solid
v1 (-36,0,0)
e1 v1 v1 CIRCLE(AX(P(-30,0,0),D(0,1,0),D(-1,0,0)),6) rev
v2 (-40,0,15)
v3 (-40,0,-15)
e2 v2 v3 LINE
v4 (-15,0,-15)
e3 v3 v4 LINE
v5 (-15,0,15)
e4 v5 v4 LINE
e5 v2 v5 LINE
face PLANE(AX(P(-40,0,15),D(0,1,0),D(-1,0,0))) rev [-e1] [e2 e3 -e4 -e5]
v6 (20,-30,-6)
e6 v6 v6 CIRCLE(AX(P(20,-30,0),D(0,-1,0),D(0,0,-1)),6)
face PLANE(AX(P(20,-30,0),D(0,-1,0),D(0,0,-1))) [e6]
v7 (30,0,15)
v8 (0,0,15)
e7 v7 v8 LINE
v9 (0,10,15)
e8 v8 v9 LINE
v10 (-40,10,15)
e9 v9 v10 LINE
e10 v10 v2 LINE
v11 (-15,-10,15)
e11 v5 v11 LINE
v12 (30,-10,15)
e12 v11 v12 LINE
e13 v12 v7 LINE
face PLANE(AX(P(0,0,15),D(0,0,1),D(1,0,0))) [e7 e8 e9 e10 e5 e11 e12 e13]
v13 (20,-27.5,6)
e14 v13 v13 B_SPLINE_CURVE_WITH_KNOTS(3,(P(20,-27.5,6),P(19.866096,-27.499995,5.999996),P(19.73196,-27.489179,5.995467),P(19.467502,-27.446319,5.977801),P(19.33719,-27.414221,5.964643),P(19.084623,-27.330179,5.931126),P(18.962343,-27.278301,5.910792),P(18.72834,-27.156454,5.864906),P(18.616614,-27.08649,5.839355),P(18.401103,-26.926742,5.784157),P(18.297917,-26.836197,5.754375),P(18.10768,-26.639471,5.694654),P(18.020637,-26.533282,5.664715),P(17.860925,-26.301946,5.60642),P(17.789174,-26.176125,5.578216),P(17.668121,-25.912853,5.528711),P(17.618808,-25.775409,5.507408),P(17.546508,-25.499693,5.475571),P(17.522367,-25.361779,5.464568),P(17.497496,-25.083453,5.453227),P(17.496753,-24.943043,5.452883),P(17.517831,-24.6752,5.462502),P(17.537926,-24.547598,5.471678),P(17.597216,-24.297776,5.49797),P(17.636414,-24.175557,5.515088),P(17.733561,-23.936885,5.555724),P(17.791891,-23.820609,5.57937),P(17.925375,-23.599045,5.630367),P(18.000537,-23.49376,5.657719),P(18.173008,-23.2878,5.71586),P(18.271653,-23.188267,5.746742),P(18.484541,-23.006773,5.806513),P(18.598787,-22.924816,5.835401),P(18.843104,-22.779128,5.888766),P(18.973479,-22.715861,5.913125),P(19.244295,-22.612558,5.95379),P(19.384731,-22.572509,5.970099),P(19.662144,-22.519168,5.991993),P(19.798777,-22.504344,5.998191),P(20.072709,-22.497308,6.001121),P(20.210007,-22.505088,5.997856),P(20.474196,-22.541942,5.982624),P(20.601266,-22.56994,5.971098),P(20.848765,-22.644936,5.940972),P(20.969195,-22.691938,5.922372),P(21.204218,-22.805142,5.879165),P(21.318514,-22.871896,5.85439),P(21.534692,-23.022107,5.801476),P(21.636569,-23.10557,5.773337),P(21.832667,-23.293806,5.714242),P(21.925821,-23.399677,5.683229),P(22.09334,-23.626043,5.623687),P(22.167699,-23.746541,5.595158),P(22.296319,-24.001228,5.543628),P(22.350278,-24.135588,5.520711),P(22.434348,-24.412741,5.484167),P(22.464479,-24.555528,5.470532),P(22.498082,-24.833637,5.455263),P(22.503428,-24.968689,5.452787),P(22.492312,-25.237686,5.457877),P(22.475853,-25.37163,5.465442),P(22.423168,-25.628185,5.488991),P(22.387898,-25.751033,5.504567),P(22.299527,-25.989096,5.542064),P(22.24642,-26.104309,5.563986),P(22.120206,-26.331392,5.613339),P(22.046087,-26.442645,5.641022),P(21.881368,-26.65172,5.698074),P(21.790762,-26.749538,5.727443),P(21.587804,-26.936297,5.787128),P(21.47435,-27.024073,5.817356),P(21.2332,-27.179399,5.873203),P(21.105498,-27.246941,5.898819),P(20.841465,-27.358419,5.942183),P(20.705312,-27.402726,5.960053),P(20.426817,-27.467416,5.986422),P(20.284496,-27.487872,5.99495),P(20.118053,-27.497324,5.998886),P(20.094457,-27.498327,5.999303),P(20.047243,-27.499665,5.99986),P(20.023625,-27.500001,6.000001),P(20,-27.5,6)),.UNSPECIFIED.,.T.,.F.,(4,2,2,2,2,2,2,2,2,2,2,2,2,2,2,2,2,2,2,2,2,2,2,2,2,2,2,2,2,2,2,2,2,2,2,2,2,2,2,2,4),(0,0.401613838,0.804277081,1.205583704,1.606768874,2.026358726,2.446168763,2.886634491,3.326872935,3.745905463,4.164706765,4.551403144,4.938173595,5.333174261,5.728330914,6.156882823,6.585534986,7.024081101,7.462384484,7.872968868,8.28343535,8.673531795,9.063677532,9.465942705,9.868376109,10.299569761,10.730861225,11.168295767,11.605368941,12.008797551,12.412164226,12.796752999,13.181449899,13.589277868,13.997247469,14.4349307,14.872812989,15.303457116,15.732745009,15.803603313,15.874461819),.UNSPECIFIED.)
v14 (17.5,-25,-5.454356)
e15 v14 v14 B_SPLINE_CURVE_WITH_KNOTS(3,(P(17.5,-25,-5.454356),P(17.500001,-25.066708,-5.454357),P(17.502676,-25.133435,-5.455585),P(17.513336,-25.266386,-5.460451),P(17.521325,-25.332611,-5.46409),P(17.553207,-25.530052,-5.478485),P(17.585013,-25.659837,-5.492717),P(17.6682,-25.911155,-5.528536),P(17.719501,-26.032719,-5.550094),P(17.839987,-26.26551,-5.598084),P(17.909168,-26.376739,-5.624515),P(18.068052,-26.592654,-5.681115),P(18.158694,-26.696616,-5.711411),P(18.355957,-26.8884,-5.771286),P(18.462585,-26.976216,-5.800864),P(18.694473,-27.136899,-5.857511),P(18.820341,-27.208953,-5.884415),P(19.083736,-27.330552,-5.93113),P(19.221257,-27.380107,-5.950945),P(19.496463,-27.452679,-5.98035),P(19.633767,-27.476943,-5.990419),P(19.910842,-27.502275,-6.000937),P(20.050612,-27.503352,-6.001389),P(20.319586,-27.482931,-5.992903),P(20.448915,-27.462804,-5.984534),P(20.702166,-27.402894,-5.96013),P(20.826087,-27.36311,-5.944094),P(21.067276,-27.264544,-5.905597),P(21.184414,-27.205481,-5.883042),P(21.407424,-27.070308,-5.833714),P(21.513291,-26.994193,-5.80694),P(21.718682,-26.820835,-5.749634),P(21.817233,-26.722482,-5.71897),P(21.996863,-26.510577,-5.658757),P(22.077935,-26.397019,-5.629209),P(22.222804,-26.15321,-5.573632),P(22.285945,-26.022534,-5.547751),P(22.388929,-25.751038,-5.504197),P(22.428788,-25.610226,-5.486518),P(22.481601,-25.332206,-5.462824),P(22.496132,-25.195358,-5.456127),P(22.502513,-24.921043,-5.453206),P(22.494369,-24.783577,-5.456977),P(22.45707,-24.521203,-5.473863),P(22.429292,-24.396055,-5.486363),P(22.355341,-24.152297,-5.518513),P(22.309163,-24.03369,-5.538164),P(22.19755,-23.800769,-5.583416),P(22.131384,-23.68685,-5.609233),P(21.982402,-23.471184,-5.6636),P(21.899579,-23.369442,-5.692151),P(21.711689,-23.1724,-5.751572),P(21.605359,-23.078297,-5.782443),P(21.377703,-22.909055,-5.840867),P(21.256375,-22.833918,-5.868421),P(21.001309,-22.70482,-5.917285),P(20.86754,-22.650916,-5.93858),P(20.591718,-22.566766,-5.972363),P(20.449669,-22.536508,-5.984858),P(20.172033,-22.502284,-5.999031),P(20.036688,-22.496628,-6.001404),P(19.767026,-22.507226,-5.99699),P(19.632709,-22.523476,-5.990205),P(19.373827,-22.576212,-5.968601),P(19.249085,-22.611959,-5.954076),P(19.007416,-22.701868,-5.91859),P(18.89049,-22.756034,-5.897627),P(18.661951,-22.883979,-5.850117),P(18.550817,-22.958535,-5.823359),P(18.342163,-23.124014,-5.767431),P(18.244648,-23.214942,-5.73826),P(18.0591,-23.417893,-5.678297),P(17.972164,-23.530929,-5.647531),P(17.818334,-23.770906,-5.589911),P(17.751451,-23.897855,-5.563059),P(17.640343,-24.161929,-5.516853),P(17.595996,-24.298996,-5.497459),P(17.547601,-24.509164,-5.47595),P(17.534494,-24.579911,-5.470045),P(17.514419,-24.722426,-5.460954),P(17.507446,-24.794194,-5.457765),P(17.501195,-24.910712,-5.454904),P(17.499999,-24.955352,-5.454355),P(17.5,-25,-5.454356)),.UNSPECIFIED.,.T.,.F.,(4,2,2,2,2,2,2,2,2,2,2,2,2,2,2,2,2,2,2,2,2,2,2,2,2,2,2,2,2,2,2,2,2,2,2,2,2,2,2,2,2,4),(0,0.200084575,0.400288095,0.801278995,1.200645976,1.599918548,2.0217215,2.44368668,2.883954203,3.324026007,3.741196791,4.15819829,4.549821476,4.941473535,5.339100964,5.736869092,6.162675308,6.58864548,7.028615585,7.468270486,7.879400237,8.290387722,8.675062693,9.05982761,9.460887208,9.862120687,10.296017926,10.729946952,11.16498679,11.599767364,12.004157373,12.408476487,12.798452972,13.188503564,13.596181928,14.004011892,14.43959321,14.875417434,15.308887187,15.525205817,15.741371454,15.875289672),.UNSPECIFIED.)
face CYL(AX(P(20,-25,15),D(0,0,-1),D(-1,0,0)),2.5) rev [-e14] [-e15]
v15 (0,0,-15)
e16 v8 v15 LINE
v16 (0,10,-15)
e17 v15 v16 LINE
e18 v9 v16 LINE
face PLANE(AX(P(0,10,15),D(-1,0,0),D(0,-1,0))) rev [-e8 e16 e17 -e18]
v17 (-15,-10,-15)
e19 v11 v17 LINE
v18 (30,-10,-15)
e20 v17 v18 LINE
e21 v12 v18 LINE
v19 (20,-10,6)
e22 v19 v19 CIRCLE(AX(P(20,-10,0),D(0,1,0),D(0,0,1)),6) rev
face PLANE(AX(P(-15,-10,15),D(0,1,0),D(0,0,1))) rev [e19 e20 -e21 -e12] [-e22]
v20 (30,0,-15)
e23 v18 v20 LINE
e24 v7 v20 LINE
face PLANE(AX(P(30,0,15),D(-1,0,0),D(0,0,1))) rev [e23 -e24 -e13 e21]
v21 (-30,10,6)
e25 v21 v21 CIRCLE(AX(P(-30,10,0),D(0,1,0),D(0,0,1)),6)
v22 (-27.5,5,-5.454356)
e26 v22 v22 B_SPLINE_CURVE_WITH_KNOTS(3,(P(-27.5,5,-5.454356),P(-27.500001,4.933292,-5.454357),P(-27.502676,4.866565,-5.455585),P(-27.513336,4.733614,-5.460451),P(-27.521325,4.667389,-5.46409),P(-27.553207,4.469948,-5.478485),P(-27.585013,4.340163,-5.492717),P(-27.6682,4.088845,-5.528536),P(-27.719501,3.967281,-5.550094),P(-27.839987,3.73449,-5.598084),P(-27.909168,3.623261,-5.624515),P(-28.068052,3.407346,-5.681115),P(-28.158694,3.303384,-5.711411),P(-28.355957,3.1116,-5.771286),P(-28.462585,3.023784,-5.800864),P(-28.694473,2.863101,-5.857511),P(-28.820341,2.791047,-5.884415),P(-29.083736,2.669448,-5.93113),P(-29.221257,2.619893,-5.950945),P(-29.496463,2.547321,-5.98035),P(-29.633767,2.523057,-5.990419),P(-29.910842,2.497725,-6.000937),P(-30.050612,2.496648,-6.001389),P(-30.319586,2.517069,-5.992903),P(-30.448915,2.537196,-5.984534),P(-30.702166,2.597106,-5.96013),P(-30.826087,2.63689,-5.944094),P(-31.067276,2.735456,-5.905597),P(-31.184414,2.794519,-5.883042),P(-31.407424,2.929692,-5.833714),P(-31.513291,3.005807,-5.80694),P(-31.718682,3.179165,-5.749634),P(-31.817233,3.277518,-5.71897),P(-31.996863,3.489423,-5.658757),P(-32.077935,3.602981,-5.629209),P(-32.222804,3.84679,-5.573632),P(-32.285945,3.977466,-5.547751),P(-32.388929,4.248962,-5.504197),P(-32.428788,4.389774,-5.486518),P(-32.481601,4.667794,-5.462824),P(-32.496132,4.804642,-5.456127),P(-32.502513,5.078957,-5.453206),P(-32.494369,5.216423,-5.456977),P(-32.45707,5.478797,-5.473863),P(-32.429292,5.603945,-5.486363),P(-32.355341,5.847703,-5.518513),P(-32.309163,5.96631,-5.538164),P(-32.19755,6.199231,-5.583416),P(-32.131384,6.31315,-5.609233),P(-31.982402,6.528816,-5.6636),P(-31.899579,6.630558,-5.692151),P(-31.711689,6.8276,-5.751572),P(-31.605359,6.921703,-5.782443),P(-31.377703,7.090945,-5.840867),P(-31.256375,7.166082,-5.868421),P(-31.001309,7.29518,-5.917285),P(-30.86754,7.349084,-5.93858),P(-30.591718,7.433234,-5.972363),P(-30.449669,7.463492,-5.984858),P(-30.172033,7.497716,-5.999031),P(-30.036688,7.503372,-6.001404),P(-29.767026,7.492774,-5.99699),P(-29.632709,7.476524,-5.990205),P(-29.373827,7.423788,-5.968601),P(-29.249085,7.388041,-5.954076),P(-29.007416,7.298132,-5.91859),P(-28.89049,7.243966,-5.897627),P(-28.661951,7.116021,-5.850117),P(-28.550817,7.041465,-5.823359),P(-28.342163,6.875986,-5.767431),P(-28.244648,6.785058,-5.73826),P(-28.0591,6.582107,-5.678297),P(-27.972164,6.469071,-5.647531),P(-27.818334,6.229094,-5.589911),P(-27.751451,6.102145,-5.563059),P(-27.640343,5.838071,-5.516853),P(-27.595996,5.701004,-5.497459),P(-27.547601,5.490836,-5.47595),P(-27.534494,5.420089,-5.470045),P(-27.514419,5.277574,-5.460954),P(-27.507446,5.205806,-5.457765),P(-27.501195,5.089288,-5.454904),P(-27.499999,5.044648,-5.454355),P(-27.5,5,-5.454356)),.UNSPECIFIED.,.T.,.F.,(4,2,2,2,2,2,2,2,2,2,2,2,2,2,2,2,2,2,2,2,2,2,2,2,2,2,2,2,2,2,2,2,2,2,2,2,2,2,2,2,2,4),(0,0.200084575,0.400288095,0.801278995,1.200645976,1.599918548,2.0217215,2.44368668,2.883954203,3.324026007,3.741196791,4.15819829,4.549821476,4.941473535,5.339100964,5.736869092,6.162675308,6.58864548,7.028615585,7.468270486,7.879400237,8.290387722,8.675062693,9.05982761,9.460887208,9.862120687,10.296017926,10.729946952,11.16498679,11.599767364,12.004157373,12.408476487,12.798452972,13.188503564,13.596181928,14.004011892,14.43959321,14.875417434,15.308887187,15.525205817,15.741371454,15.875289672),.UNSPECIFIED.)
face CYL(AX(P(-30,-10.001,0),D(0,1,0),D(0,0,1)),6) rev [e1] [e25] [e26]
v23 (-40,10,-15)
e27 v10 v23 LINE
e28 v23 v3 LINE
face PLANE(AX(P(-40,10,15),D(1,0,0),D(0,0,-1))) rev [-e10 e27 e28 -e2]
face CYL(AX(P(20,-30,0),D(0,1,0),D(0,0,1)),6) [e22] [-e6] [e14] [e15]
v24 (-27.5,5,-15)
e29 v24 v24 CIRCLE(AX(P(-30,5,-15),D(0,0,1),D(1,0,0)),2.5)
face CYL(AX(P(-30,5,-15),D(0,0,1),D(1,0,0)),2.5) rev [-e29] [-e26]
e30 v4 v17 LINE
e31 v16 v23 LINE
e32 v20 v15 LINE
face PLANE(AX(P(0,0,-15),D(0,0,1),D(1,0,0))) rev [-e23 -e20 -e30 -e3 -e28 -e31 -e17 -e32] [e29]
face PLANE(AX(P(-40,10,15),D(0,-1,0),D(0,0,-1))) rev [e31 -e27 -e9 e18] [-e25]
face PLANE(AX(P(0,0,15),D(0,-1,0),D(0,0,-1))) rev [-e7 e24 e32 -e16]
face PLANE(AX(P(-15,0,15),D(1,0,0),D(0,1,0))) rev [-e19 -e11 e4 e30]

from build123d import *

# Parameters (mm, degrees)
EXTRUDE_1_DEPTH          = 15
CUT_EXTRUDE_1_REACH      = 22
SKETCH_2_R               = 6
SKETCH_3_R               = 6
EXTRUDE_2_DEPTH          = 20
SKETCH_4_R               = 2.5
CUT_EXTRUDE_2_DEPTH      = 16
SKETCH_5_R               = 2.5
CUT_EXTRUDE_3_DEPTH      = 16.0000001
CUT_EXTRUDE_3_DEPTH_BACK = 16


with BuildPart() as part:
    # 草图1 → 凸台-拉伸1 (new body, symmetric)
    with BuildSketch(Plane.XY):
        Polygon((-40, 10), (0, 10), (0, 0), (30, 0), (30, -10), (-15, -10), (-15, 0), (-40, 0), align=None)
    extrude(amount=EXTRUDE_1_DEPTH, both=True)

    # 草图2 → 切除-拉伸1 (cut, up to next)
    with BuildSketch(Plane(origin=(0, 10, 0), x_dir=(1, 0, 0), z_dir=(0, 1, 0)), mode=Mode.PRIVATE) as cut_extrude_1_sk1:
        with Locations((-30, 0)):
            Circle(SKETCH_2_R)
    cut_extrude_1_tool1 = extrude(cut_extrude_1_sk1.sketch, amount=-CUT_EXTRUDE_1_REACH, mode=Mode.PRIVATE) & part.part
    add(cut_extrude_1_tool1.solids().sort_by_distance((-30, 10, 0))[0], mode=Mode.SUBTRACT)

    # 草图3 → 凸台-拉伸2 (add)
    with BuildSketch(Plane.XZ.offset(10)):
        with Locations((20, 0)):
            Circle(SKETCH_3_R)
    extrude(amount=EXTRUDE_2_DEPTH)

    # 草图4 → 切除-拉伸2 (cut, through all)
    with BuildSketch(Plane.XY):
        with Locations((-30, 5)):
            Circle(SKETCH_4_R)
    extrude(amount=-CUT_EXTRUDE_2_DEPTH, mode=Mode.SUBTRACT)

    # 草图5 → 切除-拉伸3 (cut, two sides)
    with BuildSketch(Plane(origin=(0, 0, 0), x_dir=(-1, 0, 0), z_dir=(0, 0, -1))) as cut_extrude_3_sk:
        with Locations((-20, -25)):
            Circle(SKETCH_5_R)
    extrude(amount=CUT_EXTRUDE_3_DEPTH, mode=Mode.SUBTRACT)
    extrude(cut_extrude_3_sk.sketch, amount=-CUT_EXTRUDE_3_DEPTH_BACK, mode=Mode.SUBTRACT)


solid = part.part
